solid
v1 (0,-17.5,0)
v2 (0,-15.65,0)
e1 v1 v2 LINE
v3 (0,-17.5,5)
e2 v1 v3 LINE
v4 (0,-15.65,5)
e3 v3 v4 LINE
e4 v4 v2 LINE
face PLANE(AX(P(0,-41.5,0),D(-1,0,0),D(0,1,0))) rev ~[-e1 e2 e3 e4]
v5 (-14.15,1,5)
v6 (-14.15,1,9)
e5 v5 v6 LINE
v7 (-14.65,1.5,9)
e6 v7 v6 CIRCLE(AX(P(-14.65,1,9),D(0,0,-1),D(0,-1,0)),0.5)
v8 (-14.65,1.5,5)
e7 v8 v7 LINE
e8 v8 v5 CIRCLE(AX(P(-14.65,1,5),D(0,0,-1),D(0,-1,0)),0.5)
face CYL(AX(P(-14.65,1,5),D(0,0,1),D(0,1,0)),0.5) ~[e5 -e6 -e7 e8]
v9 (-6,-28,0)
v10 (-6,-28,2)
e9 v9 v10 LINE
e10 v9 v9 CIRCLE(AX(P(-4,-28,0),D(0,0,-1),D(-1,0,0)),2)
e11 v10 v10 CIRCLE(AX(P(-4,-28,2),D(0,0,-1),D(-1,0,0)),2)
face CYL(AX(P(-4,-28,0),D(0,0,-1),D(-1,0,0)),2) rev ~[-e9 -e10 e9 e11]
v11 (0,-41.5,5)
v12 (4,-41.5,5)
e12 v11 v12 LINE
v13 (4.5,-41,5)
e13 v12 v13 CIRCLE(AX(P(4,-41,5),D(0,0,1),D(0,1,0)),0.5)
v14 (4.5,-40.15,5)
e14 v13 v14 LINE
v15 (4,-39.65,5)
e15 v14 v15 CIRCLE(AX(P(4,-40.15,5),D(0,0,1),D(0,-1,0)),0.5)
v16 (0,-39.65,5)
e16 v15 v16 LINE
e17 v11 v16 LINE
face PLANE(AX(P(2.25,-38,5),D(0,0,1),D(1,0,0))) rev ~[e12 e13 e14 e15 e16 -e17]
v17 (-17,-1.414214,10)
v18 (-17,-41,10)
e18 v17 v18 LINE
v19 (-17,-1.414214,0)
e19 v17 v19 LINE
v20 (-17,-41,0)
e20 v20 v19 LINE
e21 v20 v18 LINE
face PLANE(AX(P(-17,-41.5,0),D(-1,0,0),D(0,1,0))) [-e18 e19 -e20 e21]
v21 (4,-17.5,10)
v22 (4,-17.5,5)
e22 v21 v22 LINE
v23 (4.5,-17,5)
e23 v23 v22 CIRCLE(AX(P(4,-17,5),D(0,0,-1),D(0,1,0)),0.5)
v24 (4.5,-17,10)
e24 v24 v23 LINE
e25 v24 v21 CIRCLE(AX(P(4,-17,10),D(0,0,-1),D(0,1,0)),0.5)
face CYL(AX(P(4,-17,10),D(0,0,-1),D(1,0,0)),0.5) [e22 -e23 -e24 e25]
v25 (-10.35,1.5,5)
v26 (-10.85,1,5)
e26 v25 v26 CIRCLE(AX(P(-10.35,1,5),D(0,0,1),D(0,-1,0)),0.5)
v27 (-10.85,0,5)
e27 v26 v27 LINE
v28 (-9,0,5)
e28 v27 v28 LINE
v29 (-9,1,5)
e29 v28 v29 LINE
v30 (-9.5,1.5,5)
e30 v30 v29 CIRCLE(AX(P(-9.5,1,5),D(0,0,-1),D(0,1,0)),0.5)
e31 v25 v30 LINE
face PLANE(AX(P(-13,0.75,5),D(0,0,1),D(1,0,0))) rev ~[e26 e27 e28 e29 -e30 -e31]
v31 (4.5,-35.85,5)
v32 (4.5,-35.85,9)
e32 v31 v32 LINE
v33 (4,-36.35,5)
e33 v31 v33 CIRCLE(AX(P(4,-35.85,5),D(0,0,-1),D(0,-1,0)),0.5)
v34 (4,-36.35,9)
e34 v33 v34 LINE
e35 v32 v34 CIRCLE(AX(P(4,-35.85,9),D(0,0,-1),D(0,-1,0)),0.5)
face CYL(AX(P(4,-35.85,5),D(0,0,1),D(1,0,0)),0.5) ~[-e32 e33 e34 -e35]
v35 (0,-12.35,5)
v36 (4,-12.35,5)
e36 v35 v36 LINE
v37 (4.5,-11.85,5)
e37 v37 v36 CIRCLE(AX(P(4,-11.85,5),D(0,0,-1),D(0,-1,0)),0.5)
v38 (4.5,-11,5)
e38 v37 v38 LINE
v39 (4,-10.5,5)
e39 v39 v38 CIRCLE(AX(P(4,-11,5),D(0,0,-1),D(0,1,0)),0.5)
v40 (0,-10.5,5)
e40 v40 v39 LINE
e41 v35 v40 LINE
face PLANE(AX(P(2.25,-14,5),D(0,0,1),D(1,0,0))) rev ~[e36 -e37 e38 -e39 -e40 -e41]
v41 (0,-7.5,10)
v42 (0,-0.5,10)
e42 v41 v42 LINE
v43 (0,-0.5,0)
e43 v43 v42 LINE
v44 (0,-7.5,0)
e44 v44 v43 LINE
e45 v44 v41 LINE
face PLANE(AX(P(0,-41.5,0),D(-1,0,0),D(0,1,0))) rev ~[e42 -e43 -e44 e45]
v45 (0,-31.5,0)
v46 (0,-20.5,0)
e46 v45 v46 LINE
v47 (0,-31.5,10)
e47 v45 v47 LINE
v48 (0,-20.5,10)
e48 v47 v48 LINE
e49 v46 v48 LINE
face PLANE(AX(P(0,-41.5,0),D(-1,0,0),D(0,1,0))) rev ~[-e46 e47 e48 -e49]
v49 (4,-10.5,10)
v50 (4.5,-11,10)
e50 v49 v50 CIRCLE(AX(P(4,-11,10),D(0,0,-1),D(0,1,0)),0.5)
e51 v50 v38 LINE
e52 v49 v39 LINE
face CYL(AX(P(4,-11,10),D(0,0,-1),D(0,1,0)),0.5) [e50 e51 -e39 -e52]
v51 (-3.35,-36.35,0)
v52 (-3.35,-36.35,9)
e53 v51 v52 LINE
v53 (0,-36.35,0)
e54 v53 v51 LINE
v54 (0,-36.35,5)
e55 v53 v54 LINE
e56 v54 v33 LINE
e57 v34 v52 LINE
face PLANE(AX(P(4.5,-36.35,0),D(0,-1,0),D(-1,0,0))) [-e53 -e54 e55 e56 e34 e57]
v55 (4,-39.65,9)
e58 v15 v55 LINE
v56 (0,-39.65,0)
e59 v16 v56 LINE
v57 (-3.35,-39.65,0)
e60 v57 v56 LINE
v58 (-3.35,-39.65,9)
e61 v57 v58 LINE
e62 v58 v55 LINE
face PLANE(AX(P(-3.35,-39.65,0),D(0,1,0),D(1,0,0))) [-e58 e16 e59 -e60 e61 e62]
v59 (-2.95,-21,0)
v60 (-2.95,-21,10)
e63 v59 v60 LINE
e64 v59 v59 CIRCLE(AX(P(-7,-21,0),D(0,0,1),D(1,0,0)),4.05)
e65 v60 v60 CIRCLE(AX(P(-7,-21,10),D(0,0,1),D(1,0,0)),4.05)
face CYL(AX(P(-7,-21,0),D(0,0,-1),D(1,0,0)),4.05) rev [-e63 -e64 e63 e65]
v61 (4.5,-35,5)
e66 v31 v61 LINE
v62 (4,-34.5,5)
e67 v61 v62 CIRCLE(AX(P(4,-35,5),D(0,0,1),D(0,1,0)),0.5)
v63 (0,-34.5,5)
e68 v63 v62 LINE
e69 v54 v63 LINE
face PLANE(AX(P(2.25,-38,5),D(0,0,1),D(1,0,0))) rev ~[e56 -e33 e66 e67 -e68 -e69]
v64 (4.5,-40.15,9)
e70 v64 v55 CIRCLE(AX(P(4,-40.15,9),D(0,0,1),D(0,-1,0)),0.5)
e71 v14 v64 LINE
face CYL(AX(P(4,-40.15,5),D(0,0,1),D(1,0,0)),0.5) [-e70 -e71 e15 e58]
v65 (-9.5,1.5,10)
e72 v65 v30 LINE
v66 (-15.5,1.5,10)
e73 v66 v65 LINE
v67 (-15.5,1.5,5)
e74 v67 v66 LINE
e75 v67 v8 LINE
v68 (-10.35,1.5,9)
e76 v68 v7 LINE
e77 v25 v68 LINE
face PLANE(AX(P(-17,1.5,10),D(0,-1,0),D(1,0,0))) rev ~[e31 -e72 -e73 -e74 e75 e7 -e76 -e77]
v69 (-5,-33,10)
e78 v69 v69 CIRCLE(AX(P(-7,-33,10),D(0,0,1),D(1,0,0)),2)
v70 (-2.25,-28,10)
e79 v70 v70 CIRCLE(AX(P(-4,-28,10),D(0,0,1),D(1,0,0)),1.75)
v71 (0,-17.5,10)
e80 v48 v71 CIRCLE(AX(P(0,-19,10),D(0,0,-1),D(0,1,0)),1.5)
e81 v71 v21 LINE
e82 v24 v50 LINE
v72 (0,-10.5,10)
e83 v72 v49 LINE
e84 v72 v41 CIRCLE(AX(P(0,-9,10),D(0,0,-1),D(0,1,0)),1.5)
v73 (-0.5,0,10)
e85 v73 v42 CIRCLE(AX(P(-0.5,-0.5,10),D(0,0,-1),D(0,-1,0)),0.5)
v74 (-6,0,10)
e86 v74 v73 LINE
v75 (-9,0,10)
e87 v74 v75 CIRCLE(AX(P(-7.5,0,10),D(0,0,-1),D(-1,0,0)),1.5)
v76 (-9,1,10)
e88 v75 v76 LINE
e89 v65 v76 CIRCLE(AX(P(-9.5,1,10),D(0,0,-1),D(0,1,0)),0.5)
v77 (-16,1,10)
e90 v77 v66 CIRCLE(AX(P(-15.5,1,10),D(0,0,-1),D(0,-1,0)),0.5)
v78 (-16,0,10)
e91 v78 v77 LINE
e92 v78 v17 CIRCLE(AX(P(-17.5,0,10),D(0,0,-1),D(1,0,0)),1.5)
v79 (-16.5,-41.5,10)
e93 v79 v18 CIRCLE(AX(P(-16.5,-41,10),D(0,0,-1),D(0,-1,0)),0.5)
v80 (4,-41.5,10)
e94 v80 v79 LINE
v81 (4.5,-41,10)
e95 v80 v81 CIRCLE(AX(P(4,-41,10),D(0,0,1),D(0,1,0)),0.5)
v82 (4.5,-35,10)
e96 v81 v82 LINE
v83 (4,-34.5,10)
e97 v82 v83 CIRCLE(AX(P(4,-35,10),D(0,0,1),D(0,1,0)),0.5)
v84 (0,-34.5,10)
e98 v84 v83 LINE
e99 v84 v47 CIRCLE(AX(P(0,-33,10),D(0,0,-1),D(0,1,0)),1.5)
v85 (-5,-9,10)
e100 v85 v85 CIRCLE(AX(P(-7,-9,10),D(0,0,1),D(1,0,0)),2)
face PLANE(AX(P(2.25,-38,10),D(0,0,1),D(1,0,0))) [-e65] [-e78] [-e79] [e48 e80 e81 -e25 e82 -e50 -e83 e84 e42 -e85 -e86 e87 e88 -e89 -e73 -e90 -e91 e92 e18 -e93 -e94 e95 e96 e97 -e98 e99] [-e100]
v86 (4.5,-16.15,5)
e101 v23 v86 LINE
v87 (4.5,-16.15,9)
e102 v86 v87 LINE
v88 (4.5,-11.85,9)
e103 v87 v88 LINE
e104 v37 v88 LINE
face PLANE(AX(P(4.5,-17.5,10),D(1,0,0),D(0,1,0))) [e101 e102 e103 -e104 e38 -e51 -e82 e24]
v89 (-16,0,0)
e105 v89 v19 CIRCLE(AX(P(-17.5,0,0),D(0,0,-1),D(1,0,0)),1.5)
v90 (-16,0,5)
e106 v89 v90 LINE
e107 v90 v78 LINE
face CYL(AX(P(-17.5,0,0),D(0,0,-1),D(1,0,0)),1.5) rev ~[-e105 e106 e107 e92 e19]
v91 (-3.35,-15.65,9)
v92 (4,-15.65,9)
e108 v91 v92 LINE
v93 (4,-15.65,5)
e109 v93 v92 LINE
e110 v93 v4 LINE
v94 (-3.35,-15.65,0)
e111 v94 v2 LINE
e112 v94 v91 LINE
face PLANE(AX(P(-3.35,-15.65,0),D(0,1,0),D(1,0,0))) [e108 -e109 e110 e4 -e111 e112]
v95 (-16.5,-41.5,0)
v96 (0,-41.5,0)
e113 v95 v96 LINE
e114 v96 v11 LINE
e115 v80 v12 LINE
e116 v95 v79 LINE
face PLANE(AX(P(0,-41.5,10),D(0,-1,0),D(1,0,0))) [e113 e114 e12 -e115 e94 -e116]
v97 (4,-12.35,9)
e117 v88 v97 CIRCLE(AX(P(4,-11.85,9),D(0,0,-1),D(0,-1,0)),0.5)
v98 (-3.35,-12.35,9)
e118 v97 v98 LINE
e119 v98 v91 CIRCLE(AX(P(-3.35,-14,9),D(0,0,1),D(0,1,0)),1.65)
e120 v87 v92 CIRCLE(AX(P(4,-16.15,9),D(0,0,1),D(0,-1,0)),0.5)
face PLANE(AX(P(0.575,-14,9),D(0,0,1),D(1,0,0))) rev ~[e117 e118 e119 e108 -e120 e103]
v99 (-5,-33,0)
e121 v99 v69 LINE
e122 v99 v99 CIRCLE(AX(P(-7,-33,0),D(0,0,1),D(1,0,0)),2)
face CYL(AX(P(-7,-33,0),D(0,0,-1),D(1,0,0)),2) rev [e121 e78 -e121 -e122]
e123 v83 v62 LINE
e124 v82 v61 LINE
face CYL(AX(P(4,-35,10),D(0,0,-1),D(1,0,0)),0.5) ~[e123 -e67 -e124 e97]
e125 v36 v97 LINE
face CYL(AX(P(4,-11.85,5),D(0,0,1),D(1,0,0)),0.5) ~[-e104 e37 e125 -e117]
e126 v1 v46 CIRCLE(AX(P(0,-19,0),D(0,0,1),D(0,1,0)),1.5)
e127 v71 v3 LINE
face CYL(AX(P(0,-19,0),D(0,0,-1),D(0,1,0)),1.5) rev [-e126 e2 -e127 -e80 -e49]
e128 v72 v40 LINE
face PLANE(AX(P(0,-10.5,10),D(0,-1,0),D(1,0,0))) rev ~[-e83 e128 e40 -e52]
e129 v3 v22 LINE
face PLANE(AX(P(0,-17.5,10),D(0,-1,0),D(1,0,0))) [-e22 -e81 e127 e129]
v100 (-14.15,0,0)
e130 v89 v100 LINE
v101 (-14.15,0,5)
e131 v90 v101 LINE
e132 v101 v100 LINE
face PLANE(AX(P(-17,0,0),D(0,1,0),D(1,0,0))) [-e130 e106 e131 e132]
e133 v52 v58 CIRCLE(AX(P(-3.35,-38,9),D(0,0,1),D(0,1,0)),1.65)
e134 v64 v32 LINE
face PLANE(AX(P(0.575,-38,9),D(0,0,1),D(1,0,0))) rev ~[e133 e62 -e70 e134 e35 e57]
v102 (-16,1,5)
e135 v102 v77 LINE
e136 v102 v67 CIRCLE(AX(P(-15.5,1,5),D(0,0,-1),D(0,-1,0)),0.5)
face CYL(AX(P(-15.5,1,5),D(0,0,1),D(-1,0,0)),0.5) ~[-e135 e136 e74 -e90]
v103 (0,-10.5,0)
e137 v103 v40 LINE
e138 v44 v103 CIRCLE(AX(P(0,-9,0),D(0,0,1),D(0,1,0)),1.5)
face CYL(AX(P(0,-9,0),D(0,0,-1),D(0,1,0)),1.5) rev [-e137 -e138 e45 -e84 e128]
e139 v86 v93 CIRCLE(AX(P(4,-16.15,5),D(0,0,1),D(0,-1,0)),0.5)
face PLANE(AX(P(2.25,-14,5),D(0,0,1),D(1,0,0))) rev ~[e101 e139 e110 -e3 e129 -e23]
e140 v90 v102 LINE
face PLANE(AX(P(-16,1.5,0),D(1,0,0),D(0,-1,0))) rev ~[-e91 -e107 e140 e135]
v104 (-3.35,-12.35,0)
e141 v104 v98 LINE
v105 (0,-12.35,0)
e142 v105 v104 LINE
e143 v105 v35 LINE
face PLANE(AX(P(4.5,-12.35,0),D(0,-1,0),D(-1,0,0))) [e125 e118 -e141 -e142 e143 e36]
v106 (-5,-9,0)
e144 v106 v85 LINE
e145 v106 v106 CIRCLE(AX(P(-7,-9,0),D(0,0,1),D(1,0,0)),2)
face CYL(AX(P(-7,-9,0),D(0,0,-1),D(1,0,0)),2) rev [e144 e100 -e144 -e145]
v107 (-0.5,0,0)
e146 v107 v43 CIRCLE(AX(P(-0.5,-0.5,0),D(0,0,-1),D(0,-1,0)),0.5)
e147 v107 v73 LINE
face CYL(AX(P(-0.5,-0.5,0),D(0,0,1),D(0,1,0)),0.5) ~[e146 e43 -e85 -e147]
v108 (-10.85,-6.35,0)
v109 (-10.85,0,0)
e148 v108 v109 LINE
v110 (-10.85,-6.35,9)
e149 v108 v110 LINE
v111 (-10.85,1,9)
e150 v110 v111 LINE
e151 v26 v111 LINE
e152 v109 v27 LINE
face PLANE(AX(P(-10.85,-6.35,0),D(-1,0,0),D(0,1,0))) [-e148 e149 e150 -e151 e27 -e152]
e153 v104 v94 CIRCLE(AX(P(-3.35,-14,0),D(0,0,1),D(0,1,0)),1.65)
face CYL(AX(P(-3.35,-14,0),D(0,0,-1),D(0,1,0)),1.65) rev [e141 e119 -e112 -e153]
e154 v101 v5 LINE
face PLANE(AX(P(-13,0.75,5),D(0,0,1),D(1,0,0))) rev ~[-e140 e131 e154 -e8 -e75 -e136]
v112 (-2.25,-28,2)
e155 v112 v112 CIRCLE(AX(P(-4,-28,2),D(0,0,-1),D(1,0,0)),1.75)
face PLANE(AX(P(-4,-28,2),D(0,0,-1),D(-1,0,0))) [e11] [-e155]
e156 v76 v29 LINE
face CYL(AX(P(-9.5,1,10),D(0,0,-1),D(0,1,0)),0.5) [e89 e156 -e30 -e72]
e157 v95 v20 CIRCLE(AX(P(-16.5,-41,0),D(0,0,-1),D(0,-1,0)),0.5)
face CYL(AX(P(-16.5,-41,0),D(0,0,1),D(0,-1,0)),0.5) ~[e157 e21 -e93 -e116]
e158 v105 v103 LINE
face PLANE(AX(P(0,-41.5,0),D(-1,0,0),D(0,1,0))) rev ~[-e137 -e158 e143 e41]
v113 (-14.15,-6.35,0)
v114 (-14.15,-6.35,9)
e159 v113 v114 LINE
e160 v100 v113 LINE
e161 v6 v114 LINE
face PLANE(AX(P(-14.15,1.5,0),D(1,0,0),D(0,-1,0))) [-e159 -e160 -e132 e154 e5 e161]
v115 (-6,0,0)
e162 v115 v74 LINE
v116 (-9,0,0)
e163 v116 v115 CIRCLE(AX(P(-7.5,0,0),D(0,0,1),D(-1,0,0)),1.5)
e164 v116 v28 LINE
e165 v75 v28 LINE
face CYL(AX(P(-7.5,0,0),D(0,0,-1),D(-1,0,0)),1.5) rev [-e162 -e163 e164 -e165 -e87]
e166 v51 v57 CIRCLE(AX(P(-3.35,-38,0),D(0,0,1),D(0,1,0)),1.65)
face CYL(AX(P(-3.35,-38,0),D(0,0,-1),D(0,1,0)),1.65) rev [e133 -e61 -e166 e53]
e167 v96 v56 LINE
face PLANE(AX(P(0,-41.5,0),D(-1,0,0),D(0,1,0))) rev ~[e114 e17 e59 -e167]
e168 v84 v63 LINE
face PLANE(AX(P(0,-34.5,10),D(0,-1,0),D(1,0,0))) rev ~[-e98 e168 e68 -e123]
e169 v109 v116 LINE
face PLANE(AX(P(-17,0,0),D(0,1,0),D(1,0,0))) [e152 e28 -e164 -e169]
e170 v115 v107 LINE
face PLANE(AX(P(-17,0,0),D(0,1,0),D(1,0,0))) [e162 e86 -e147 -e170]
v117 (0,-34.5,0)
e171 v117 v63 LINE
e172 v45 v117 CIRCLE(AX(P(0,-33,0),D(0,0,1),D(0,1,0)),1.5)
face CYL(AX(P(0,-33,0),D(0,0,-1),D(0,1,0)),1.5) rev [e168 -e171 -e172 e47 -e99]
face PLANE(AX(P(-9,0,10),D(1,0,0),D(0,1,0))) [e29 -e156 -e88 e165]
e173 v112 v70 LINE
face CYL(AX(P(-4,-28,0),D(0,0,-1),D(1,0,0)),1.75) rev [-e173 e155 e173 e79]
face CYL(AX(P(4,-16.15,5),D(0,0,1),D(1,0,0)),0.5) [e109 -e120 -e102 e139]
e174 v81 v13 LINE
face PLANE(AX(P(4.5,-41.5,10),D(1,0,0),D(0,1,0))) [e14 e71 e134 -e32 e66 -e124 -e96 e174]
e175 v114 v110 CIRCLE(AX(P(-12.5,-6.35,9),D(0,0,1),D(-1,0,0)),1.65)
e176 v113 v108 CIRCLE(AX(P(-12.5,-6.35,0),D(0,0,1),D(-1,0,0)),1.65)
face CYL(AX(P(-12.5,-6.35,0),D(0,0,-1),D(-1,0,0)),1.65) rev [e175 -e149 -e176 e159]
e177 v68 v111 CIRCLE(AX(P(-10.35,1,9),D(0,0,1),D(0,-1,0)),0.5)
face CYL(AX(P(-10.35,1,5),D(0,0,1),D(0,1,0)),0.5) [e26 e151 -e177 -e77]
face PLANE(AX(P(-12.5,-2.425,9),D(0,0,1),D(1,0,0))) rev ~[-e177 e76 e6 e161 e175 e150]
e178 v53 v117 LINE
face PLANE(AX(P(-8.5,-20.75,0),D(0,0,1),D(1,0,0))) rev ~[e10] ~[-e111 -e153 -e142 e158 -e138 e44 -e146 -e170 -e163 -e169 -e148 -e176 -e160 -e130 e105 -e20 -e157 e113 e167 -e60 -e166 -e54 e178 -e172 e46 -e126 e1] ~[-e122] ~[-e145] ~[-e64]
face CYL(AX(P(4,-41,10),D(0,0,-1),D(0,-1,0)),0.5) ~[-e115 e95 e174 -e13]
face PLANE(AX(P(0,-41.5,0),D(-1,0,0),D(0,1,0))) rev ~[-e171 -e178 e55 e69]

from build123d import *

# Parameters (mm, degrees)
SKETCH12_W          = 17
SKETCH12_H          = 41.5
SKETCH12_R          = 2
SKETCH12_R_2        = 4.05
SKETCH12_R_3        = 1.75
BOSS_EXTRUDE3_DEPTH = 10
SKETCH18_W          = 4.5
SKETCH18_H          = 7
SKETCH18_W_2        = 8
SKETCH18_H_2        = 1.5
BOSS_EXTRUDE4_DEPTH = 5
SKETCH23_R          = 2
CUT_EXTRUDE12_DEPTH = 2
CUT_EXTRUDE13_DEPTH = 46.948340558
CUT_EXTRUDE14_DEPTH = 9
FILLET4_R           = 0.5


with BuildPart() as part:
    # Sketch12 → Boss-Extrude3 (new body)
    with BuildSketch(Plane.XY):
        with Locations((-8.5, -20.75)):
            Rectangle(SKETCH12_W, SKETCH12_H)
        with Locations((-7, -9)):
            Circle(SKETCH12_R, mode=Mode.SUBTRACT)
        with Locations((-7, -21)):
            Circle(SKETCH12_R_2, mode=Mode.SUBTRACT)
        with Locations((-7, -33)):
            Circle(SKETCH12_R, mode=Mode.SUBTRACT)
        with Locations((-4, -28)):
            Circle(SKETCH12_R_3, mode=Mode.SUBTRACT)
    extrude(amount=BOSS_EXTRUDE3_DEPTH)

    # Sketch18 → Boss-Extrude4 (add)
    with BuildSketch(Plane.XY.offset(10)):
        with Locations((2.25, -14)):
            Rectangle(SKETCH18_W, SKETCH18_H)
        with Locations((2.25, -38)):
            Rectangle(SKETCH18_W, SKETCH18_H)
        with Locations((-13, 0.75)):
            Rectangle(SKETCH18_W_2, SKETCH18_H_2)
    extrude(amount=-BOSS_EXTRUDE4_DEPTH)

    # Sketch23 → Cut-Extrude12 (cut)
    with BuildSketch(Plane(origin=(0, 0, 0), x_dir=(-1, 0, 0), z_dir=(0, 0, -1))):
        with Locations((4, -28)):
            Circle(SKETCH23_R)
    extrude(amount=-CUT_EXTRUDE12_DEPTH, mode=Mode.SUBTRACT)

    # Sketch24 → Cut-Extrude13 (cut, through all)
    with BuildSketch(Plane(origin=(0, 0, 0), x_dir=(-1, 0, 0), z_dir=(0, 0, -1))):
        with BuildLine():
            Line((0, -34.5), (-4.5, -34.5))
            ThreePointArc((-4.5, -34.5), (-6, -33), (-4.5, -31.5))
            Line((-4.5, -31.5), (0, -31.5))
            ThreePointArc((0, -31.5), (1.5, -33), (0, -34.5))
        make_face()
        with BuildLine():
            Line((0, -20.5), (-4.5, -20.5))
            ThreePointArc((-4.5, -20.5), (-6, -19), (-4.5, -17.5))
            Line((-4.5, -17.5), (0, -17.5))
            ThreePointArc((0, -17.5), (1.5, -19), (0, -20.5))
        make_face()
        with BuildLine():
            Line((-4.5, -7.5), (0, -7.5))
            ThreePointArc((0, -7.5), (1.5, -9), (0, -10.5))
            Line((0, -10.5), (-4.5, -10.5))
            ThreePointArc((-4.5, -10.5), (-6, -9), (-4.5, -7.5))
        make_face()
        with BuildLine():
            Line((6, 0), (6, 1.5))
            ThreePointArc((6, 1.5), (7.5, 3), (9, 1.5))
            Line((9, 1.5), (9, 0))
            ThreePointArc((9, 0), (7.5, -1.5), (6, 0))
        make_face()
        with BuildLine():
            Line((19, 0), (19, 1.5))
            ThreePointArc((19, 1.5), (17.5, 3), (16, 1.5))
            Line((16, 1.5), (16, 0))
            ThreePointArc((16, 0), (17.5, -1.5), (19, 0))
        make_face()
    extrude(amount=-CUT_EXTRUDE13_DEPTH, mode=Mode.SUBTRACT)

    # Sketch25 → Cut-Extrude14 (cut)
    with BuildSketch(Plane(origin=(0, 0, 0), x_dir=(-1, 0, 0), z_dir=(0, 0, -1))):
        with BuildLine():
            Line((14.15, 1.5), (14.15, -6.35))
            ThreePointArc((14.15, -6.35), (12.5, -8), (10.85, -6.35))
            Line((10.85, -6.35), (10.85, 1.5))
            ThreePointArc((10.85, 1.5), (12.5, 3.15), (14.15, 1.5))
        make_face()
        with BuildLine():
            Line((-4.5, -12.35), (3.35, -12.35))
            ThreePointArc((3.35, -12.35), (5, -14), (3.35, -15.65))
            Line((3.35, -15.65), (-4.5, -15.65))
            ThreePointArc((-4.5, -15.65), (-6.15, -14), (-4.5, -12.35))
        make_face()
        with BuildLine():
            Line((-4.5, -36.35), (3.35, -36.35))
            ThreePointArc((3.35, -36.35), (5, -38), (3.35, -39.65))
            Line((3.35, -39.65), (-4.5, -39.65))
            ThreePointArc((-4.5, -39.65), (-6.15, -38), (-4.5, -36.35))
        make_face()
    extrude(amount=-CUT_EXTRUDE14_DEPTH, mode=Mode.SUBTRACT)

    # Fillet4
    fillet4_edges = [part.edges().sort_by_distance(p)[0] for p in [
        (4.5, -41.5, 7.5),
        (4.5, -10.5, 7.5),
        (4.5, -34.5, 7.5),
        (4.5, -17.5, 7.5),
        (-17, -41.5, 5),
        (0, 0, 5),
        (-9, 1.5, 7.5),
        (-16, 1.5, 7.5),
        (-14.15, 1.5, 7),
        (-10.85, 1.5, 7),
        (4.5, -36.35, 7),
        (4.5, -39.65, 7),
        (4.5, -15.65, 7),
        (4.5, -12.35, 7),
    ]]
    fillet(fillet4_edges, radius=FILLET4_R)


solid = part.part
